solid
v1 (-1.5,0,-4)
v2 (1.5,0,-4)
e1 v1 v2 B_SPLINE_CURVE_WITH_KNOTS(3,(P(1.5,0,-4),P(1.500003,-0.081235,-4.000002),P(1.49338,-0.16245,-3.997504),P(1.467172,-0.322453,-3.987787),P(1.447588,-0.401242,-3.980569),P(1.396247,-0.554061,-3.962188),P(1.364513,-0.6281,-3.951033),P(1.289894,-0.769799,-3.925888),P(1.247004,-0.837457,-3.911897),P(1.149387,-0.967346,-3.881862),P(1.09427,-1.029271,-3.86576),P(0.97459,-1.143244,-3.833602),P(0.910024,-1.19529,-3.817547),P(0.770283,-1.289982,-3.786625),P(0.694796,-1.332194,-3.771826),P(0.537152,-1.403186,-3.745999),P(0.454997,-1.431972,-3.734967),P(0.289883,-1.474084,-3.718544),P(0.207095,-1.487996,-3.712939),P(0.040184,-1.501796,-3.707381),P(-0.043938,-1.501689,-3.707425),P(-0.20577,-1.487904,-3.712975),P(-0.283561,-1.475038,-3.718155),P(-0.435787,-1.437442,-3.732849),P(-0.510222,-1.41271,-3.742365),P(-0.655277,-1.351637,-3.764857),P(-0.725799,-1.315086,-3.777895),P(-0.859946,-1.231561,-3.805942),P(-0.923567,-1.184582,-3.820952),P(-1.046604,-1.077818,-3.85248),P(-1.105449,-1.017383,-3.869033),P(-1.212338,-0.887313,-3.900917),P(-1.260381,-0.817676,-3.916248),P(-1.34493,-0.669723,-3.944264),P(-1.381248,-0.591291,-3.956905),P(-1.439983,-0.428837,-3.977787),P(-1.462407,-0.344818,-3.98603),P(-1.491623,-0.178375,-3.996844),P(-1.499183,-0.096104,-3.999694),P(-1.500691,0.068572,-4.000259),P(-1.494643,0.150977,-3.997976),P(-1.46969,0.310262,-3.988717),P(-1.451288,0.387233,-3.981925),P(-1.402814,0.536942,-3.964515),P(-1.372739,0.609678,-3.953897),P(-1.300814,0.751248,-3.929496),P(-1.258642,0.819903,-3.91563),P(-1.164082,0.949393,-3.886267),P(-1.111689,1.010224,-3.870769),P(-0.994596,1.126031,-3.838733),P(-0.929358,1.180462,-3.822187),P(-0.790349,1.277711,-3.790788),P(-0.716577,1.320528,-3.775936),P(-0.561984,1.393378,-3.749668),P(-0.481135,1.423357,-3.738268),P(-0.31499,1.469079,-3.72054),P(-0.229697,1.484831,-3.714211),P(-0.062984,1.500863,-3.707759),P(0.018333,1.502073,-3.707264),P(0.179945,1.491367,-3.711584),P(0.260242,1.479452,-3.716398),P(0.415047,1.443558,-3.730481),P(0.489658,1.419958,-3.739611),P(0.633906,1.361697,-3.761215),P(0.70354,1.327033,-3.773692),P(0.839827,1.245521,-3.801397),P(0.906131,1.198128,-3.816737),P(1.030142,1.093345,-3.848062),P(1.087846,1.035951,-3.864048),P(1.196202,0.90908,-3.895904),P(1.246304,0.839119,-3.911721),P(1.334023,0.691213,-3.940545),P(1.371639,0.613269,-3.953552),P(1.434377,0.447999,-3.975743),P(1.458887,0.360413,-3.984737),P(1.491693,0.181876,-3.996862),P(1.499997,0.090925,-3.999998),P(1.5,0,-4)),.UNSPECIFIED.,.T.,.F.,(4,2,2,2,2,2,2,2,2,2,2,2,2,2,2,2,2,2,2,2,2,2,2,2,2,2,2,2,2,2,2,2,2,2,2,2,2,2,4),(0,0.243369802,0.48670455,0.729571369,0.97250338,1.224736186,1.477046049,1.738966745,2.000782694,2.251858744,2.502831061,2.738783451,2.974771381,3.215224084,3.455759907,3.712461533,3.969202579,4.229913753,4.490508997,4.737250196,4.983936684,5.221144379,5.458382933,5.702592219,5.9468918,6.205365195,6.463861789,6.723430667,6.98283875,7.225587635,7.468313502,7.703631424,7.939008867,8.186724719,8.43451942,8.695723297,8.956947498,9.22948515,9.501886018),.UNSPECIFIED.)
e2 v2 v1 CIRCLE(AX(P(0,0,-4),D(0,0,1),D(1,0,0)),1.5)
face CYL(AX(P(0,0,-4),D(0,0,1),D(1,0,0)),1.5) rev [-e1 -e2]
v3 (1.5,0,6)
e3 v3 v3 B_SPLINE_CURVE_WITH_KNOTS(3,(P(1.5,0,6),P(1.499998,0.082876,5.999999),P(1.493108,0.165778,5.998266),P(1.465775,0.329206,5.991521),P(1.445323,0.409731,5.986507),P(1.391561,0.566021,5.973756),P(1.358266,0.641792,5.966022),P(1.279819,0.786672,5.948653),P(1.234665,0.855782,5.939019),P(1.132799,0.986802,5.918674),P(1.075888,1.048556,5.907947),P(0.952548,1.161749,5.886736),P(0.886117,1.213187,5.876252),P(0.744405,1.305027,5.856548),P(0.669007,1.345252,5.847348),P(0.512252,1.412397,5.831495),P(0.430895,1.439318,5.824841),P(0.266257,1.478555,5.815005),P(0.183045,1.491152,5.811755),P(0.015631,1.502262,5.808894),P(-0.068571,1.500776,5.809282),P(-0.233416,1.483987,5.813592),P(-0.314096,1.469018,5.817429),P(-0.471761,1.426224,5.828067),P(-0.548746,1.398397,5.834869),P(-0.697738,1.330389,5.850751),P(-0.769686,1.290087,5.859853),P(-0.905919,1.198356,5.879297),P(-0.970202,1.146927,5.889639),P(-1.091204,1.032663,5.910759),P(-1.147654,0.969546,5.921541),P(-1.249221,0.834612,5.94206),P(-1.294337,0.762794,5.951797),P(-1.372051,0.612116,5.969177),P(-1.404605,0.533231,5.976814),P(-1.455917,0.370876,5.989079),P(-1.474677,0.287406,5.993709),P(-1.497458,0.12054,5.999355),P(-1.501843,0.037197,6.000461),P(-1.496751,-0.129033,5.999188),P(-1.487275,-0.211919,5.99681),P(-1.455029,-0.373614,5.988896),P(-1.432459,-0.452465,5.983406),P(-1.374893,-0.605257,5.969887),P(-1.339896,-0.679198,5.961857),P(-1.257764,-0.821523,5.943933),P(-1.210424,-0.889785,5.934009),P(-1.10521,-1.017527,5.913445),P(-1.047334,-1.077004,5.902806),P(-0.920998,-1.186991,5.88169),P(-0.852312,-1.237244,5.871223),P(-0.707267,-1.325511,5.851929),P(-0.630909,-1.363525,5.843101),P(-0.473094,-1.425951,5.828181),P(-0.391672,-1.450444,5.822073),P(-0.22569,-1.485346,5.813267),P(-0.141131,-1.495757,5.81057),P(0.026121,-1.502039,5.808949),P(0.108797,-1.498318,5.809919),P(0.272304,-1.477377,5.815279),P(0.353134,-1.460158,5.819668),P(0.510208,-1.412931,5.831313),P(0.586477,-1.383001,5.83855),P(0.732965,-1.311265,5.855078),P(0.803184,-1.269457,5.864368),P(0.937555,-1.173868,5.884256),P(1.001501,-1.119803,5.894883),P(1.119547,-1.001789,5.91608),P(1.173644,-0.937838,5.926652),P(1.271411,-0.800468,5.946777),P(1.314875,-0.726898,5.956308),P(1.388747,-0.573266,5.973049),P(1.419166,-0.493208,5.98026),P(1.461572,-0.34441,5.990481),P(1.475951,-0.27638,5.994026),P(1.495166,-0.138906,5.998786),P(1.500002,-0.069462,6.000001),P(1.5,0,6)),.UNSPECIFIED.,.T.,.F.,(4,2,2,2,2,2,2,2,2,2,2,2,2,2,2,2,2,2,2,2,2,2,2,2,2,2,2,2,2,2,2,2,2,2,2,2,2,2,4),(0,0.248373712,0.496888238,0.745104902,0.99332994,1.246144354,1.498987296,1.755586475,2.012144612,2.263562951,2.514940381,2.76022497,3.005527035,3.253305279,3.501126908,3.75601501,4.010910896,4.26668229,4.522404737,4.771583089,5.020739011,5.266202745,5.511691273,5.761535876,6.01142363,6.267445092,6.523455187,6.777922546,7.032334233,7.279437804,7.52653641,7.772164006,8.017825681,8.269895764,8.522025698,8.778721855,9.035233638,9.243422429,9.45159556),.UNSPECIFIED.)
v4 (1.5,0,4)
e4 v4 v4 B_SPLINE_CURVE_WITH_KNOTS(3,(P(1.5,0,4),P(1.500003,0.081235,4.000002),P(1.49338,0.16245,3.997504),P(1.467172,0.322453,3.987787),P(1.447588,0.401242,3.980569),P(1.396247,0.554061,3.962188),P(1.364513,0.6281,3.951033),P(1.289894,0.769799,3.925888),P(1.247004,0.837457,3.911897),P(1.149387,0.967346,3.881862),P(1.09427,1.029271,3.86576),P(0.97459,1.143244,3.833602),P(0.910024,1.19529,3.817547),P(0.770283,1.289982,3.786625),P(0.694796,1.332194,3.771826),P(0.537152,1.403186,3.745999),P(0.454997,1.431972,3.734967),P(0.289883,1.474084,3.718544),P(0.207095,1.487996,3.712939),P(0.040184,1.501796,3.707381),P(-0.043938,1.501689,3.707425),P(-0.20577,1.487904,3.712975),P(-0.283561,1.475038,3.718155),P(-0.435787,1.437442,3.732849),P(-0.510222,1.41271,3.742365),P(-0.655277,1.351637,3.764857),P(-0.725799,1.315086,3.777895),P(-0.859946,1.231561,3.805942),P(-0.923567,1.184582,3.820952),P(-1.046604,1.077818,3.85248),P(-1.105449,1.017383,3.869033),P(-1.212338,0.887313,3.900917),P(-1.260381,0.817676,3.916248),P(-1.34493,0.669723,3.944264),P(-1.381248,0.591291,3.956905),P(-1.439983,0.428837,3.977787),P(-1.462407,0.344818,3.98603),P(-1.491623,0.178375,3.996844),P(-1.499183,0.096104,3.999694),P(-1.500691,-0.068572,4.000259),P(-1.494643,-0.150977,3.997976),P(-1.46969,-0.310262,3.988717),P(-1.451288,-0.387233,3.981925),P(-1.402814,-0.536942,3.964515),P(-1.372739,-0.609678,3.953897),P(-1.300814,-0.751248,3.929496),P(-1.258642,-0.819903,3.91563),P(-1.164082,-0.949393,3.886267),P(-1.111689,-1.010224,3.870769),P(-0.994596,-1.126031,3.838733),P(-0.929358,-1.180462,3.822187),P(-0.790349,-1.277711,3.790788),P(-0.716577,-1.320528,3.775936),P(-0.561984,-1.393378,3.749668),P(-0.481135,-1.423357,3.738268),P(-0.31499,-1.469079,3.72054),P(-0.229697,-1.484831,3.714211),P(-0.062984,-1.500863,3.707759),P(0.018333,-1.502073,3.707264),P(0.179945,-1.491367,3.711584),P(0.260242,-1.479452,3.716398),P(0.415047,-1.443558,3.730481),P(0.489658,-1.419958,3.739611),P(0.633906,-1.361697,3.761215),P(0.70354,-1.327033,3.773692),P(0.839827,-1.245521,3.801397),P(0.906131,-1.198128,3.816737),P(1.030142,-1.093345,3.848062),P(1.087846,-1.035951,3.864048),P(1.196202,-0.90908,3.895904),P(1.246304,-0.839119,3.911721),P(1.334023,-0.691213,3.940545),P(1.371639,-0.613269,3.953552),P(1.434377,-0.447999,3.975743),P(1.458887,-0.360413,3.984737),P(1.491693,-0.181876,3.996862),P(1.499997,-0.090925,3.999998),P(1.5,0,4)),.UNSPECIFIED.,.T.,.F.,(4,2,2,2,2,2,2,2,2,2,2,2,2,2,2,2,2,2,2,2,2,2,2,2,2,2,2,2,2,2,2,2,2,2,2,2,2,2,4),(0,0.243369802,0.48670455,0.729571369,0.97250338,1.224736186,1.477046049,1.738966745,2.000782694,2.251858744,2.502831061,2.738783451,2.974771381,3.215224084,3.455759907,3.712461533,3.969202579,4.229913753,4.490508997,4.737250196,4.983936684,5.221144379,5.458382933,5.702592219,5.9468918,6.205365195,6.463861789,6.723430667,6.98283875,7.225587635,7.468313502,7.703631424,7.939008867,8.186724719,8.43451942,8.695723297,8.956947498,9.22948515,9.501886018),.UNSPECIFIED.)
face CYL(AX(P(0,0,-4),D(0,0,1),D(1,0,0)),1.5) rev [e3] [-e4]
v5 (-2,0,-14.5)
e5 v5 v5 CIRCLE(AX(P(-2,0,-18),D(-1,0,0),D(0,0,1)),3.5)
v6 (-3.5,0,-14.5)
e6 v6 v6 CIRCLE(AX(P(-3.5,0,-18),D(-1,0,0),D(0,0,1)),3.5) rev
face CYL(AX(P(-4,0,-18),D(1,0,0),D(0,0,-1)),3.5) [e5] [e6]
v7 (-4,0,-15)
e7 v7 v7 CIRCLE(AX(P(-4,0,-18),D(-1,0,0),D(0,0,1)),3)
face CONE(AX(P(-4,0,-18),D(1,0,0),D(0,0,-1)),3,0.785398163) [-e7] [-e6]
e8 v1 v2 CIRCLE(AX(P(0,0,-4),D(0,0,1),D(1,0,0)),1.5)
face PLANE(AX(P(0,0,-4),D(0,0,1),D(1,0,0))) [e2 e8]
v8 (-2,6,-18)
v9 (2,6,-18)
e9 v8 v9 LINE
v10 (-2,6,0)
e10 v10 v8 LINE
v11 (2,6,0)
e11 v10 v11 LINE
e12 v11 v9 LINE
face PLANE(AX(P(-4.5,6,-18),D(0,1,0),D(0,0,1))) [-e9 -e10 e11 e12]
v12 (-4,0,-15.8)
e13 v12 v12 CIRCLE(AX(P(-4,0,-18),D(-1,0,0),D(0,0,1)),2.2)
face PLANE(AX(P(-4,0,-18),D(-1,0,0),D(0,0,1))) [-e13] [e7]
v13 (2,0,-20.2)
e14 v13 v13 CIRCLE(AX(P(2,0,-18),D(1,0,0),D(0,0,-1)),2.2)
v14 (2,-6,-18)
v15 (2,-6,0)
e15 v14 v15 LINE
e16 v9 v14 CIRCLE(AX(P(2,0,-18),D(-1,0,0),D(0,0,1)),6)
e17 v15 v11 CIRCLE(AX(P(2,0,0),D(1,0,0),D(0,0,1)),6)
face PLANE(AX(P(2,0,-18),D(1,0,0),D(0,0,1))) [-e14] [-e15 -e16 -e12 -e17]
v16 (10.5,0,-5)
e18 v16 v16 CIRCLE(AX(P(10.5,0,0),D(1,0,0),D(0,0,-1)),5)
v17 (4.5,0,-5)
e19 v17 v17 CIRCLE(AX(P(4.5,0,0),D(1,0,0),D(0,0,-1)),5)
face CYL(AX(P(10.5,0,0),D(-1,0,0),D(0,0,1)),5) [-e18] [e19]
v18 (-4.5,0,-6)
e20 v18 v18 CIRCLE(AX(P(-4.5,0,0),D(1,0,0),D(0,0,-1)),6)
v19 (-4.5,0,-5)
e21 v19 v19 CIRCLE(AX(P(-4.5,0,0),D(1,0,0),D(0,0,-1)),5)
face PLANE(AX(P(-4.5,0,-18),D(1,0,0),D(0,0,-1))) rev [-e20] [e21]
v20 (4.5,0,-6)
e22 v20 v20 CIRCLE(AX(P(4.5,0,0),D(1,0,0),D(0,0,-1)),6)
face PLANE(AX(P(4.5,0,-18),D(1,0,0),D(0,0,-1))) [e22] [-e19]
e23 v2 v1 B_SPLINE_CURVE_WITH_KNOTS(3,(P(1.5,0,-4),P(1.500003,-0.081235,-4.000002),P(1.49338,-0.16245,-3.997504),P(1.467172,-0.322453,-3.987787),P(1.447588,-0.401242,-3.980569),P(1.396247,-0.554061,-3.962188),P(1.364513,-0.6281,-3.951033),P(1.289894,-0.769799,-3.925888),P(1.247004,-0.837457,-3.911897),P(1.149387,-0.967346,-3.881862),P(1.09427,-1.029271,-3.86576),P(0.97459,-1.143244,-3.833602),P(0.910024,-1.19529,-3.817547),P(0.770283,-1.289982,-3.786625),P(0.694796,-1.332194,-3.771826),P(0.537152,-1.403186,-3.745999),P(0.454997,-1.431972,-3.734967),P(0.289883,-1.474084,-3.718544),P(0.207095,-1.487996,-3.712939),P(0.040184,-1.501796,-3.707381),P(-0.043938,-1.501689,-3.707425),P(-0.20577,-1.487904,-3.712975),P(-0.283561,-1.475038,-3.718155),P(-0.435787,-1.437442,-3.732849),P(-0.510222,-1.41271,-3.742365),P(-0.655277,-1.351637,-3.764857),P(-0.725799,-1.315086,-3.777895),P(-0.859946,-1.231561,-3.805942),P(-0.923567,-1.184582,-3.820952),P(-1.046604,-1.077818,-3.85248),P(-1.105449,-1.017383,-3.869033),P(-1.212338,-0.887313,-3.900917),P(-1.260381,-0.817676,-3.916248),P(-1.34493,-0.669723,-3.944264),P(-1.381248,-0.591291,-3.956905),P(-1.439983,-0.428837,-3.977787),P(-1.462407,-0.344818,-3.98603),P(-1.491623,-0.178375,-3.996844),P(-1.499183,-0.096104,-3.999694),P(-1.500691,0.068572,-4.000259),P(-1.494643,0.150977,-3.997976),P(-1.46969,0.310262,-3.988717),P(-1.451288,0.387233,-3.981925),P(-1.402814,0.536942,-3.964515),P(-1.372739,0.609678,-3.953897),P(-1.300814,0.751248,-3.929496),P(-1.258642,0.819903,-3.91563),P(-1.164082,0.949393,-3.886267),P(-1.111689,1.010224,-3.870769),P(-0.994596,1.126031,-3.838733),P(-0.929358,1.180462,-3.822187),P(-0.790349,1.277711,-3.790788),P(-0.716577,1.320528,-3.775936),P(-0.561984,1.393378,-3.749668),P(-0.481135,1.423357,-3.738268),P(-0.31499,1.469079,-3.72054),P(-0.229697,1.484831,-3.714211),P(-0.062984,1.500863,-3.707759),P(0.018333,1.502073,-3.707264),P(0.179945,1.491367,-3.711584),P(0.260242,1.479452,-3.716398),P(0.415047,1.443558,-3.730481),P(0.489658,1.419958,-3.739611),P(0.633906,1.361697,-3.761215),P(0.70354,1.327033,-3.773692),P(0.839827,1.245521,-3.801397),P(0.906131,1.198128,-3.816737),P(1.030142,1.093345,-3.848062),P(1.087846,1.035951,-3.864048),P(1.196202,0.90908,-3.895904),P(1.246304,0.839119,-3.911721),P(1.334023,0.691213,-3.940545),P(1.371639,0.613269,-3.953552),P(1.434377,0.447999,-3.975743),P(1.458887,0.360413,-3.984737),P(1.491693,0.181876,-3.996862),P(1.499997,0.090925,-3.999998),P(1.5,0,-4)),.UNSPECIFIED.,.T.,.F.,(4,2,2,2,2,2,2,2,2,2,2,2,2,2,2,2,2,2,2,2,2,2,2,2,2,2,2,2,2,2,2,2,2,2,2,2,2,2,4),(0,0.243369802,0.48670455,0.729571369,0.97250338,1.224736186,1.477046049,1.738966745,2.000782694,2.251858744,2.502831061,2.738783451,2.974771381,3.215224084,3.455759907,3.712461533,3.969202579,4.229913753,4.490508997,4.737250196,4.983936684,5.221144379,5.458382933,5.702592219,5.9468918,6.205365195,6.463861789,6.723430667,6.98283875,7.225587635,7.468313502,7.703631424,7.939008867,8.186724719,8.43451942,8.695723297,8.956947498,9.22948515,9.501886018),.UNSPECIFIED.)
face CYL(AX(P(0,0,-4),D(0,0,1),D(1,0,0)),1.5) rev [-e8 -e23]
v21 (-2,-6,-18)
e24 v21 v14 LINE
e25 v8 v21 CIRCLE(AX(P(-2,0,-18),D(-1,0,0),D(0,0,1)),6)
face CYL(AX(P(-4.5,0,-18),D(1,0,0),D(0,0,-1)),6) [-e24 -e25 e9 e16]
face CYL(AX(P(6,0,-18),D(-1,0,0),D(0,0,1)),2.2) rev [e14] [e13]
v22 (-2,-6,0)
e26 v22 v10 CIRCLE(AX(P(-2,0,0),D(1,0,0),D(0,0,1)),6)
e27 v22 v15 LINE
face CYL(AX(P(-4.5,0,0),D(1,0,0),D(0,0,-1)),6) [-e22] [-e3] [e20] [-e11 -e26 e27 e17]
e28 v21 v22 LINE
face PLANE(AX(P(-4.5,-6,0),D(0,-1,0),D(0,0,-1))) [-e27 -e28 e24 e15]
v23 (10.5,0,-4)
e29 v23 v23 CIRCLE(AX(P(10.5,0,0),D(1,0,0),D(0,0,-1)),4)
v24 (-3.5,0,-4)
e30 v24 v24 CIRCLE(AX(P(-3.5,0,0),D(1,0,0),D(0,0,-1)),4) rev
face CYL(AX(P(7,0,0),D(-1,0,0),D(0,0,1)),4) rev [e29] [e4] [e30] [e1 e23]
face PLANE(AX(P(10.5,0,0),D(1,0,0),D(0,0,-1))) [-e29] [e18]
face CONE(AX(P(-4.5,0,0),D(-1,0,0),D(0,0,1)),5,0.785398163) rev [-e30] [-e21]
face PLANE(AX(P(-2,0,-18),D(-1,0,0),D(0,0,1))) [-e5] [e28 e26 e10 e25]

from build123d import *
from build123d.topology import SkipClean

# Parameters (mm, degrees)
EXTRUDE_2_DEPTH          = 4.5
EXTRUDE_2_DEPTH_BACK     = 4.5
CUT_EXTRUDE_1_DEPTH      = 7
CUT_EXTRUDE_1_DEPTH_BACK = 6
CUT_EXTRUDE_2_DEPTH      = 6
CUT_EXTRUDE_2_DEPTH_BACK = 6
SKETCH_10_R              = 2.2
CUT_EXTRUDE_3_DEPTH      = 2.5
SKETCH_13_R              = 3.5
SKETCH_13_R_2            = 2.2
EXTRUDE_3_DEPTH          = 2
CHAMFER_3_SIZE           = 0.5
SKETCH_18_R              = 5
EXTRUDE_5_DEPTH          = 6
SKETCH_19_R              = 4
CUT_EXTRUDE_5_DEPTH      = 16
CHAMFER_4_SIZE           = 1
SKETCH_22_R              = 1.5
CUT_EXTRUDE_6_DEPTH      = 10


with BuildPart() as part:
    # 草图5 → 凸台-拉伸2 (new, two sides: drawn at the far end of the back side and taken through both)
    with BuildSketch(Plane(origin=(0, 0, 0), x_dir=(0, 0, -1), z_dir=(1, 0, 0)).offset(-EXTRUDE_2_DEPTH_BACK)):
        with BuildLine():
            Line((0, -6), (18, -6))
            ThreePointArc((18, -6), (24, 0), (18, 6))
            Line((18, 6), (0, 6))
            ThreePointArc((0, 6), (-6, 0), (0, -6))
        make_face()
    extrude(amount=EXTRUDE_2_DEPTH + EXTRUDE_2_DEPTH_BACK)

    # 草图7 → 切除-拉伸1 (cut, two sides: drawn at the far end of the back side and taken through both)
    with BuildSketch(Plane(origin=(0, 0, 0), x_dir=(0, 0, -1), z_dir=(1, 0, 0)).offset(-CUT_EXTRUDE_1_DEPTH_BACK)):
        with BuildLine():
            ThreePointArc((3.464101615, 2), (-4, 0), (3.464101615, -2))
            ThreePointArc((3.464101615, -2), (4, 0), (3.464101615, 2))
        make_face()
    extrude(amount=CUT_EXTRUDE_1_DEPTH + CUT_EXTRUDE_1_DEPTH_BACK, mode=Mode.SUBTRACT)

    # 草图10 → 切除-拉伸2 (cut, two sides: drawn at the far end of the back side and taken through both)
    with BuildSketch(Plane(origin=(0, 0, 0), x_dir=(0, 0, -1), z_dir=(1, 0, 0)).offset(-CUT_EXTRUDE_2_DEPTH_BACK)):
        with Locations((18, 0)):
            Circle(SKETCH_10_R)
    extrude(amount=CUT_EXTRUDE_2_DEPTH + CUT_EXTRUDE_2_DEPTH_BACK, mode=Mode.SUBTRACT)

    # 草图11 → 切除-拉伸3 (cut)
    with BuildSketch(Plane.ZY.offset(4.5)):
        with BuildLine():
            Line((-18, 6), (0, 6))
            ThreePointArc((0, 6), (-6, 0), (0, -6))
            Line((0, -6), (-18, -6))
            ThreePointArc((-18, -6), (-24, 0), (-18, 6))
        make_face()
    cut_extrude_3 = extrude(amount=-CUT_EXTRUDE_3_DEPTH, mode=Mode.SUBTRACT)

    # 镜向2: 切除-拉伸3 across plane
    add(cut_extrude_3.mirror(Plane(origin=(0, 0, 0), x_dir=(0, 0, 1), z_dir=(1, 0, 0))), mode=Mode.SUBTRACT)

    # 草图13 → 凸台-拉伸3 (add)
    with SkipClean():  # the faces are left unmerged after this step: merging them gives an invalid solid
        with BuildSketch(Plane.ZY.offset(2)):
            with Locations((-18, 0)):
                Circle(SKETCH_13_R)
            with Locations((-18, 0)):
                Circle(SKETCH_13_R_2, mode=Mode.SUBTRACT)
        extrude(amount=EXTRUDE_3_DEPTH)

    # 倒角3
    chamfer_3_edges = [part.edges().sort_by_distance(p)[0] for p in [
        (-4, 0, -21.5),
    ]]
    chamfer(chamfer_3_edges, length=CHAMFER_3_SIZE)

    # 草图18 → 凸台-拉伸5 (add)
    with SkipClean():  # the faces are left unmerged after this step: merging them gives an invalid solid
        with BuildSketch(Plane(origin=(4.5, 0, 0), x_dir=(0, 0, -1), z_dir=(1, 0, 0))):
            Circle(SKETCH_18_R)
        extrude(amount=EXTRUDE_5_DEPTH)

    # 草图19 → 切除-拉伸5 (cut)
    with SkipClean():  # the faces are left unmerged after this step: merging them gives an invalid solid
        with BuildSketch(Plane(origin=(10.5, 0, 0), x_dir=(0, 0, -1), z_dir=(1, 0, 0))):
            Circle(SKETCH_19_R)
        extrude(amount=-CUT_EXTRUDE_5_DEPTH, mode=Mode.SUBTRACT)

    # 倒角4
    chamfer_4_edges = [part.edges().sort_by_distance(p)[0] for p in [
        (-4.5, -1.03527618, -3.863703305),
    ]]
    chamfer(chamfer_4_edges, length=CHAMFER_4_SIZE)

    # 草图22 → 切除-拉伸6 (cut)
    with SkipClean():  # the faces are left unmerged after this step: merging them gives an invalid solid
        with BuildSketch(Plane.XY.offset(6)):
            Circle(SKETCH_22_R)
        extrude(amount=-CUT_EXTRUDE_6_DEPTH, mode=Mode.SUBTRACT)


solid = part.part
